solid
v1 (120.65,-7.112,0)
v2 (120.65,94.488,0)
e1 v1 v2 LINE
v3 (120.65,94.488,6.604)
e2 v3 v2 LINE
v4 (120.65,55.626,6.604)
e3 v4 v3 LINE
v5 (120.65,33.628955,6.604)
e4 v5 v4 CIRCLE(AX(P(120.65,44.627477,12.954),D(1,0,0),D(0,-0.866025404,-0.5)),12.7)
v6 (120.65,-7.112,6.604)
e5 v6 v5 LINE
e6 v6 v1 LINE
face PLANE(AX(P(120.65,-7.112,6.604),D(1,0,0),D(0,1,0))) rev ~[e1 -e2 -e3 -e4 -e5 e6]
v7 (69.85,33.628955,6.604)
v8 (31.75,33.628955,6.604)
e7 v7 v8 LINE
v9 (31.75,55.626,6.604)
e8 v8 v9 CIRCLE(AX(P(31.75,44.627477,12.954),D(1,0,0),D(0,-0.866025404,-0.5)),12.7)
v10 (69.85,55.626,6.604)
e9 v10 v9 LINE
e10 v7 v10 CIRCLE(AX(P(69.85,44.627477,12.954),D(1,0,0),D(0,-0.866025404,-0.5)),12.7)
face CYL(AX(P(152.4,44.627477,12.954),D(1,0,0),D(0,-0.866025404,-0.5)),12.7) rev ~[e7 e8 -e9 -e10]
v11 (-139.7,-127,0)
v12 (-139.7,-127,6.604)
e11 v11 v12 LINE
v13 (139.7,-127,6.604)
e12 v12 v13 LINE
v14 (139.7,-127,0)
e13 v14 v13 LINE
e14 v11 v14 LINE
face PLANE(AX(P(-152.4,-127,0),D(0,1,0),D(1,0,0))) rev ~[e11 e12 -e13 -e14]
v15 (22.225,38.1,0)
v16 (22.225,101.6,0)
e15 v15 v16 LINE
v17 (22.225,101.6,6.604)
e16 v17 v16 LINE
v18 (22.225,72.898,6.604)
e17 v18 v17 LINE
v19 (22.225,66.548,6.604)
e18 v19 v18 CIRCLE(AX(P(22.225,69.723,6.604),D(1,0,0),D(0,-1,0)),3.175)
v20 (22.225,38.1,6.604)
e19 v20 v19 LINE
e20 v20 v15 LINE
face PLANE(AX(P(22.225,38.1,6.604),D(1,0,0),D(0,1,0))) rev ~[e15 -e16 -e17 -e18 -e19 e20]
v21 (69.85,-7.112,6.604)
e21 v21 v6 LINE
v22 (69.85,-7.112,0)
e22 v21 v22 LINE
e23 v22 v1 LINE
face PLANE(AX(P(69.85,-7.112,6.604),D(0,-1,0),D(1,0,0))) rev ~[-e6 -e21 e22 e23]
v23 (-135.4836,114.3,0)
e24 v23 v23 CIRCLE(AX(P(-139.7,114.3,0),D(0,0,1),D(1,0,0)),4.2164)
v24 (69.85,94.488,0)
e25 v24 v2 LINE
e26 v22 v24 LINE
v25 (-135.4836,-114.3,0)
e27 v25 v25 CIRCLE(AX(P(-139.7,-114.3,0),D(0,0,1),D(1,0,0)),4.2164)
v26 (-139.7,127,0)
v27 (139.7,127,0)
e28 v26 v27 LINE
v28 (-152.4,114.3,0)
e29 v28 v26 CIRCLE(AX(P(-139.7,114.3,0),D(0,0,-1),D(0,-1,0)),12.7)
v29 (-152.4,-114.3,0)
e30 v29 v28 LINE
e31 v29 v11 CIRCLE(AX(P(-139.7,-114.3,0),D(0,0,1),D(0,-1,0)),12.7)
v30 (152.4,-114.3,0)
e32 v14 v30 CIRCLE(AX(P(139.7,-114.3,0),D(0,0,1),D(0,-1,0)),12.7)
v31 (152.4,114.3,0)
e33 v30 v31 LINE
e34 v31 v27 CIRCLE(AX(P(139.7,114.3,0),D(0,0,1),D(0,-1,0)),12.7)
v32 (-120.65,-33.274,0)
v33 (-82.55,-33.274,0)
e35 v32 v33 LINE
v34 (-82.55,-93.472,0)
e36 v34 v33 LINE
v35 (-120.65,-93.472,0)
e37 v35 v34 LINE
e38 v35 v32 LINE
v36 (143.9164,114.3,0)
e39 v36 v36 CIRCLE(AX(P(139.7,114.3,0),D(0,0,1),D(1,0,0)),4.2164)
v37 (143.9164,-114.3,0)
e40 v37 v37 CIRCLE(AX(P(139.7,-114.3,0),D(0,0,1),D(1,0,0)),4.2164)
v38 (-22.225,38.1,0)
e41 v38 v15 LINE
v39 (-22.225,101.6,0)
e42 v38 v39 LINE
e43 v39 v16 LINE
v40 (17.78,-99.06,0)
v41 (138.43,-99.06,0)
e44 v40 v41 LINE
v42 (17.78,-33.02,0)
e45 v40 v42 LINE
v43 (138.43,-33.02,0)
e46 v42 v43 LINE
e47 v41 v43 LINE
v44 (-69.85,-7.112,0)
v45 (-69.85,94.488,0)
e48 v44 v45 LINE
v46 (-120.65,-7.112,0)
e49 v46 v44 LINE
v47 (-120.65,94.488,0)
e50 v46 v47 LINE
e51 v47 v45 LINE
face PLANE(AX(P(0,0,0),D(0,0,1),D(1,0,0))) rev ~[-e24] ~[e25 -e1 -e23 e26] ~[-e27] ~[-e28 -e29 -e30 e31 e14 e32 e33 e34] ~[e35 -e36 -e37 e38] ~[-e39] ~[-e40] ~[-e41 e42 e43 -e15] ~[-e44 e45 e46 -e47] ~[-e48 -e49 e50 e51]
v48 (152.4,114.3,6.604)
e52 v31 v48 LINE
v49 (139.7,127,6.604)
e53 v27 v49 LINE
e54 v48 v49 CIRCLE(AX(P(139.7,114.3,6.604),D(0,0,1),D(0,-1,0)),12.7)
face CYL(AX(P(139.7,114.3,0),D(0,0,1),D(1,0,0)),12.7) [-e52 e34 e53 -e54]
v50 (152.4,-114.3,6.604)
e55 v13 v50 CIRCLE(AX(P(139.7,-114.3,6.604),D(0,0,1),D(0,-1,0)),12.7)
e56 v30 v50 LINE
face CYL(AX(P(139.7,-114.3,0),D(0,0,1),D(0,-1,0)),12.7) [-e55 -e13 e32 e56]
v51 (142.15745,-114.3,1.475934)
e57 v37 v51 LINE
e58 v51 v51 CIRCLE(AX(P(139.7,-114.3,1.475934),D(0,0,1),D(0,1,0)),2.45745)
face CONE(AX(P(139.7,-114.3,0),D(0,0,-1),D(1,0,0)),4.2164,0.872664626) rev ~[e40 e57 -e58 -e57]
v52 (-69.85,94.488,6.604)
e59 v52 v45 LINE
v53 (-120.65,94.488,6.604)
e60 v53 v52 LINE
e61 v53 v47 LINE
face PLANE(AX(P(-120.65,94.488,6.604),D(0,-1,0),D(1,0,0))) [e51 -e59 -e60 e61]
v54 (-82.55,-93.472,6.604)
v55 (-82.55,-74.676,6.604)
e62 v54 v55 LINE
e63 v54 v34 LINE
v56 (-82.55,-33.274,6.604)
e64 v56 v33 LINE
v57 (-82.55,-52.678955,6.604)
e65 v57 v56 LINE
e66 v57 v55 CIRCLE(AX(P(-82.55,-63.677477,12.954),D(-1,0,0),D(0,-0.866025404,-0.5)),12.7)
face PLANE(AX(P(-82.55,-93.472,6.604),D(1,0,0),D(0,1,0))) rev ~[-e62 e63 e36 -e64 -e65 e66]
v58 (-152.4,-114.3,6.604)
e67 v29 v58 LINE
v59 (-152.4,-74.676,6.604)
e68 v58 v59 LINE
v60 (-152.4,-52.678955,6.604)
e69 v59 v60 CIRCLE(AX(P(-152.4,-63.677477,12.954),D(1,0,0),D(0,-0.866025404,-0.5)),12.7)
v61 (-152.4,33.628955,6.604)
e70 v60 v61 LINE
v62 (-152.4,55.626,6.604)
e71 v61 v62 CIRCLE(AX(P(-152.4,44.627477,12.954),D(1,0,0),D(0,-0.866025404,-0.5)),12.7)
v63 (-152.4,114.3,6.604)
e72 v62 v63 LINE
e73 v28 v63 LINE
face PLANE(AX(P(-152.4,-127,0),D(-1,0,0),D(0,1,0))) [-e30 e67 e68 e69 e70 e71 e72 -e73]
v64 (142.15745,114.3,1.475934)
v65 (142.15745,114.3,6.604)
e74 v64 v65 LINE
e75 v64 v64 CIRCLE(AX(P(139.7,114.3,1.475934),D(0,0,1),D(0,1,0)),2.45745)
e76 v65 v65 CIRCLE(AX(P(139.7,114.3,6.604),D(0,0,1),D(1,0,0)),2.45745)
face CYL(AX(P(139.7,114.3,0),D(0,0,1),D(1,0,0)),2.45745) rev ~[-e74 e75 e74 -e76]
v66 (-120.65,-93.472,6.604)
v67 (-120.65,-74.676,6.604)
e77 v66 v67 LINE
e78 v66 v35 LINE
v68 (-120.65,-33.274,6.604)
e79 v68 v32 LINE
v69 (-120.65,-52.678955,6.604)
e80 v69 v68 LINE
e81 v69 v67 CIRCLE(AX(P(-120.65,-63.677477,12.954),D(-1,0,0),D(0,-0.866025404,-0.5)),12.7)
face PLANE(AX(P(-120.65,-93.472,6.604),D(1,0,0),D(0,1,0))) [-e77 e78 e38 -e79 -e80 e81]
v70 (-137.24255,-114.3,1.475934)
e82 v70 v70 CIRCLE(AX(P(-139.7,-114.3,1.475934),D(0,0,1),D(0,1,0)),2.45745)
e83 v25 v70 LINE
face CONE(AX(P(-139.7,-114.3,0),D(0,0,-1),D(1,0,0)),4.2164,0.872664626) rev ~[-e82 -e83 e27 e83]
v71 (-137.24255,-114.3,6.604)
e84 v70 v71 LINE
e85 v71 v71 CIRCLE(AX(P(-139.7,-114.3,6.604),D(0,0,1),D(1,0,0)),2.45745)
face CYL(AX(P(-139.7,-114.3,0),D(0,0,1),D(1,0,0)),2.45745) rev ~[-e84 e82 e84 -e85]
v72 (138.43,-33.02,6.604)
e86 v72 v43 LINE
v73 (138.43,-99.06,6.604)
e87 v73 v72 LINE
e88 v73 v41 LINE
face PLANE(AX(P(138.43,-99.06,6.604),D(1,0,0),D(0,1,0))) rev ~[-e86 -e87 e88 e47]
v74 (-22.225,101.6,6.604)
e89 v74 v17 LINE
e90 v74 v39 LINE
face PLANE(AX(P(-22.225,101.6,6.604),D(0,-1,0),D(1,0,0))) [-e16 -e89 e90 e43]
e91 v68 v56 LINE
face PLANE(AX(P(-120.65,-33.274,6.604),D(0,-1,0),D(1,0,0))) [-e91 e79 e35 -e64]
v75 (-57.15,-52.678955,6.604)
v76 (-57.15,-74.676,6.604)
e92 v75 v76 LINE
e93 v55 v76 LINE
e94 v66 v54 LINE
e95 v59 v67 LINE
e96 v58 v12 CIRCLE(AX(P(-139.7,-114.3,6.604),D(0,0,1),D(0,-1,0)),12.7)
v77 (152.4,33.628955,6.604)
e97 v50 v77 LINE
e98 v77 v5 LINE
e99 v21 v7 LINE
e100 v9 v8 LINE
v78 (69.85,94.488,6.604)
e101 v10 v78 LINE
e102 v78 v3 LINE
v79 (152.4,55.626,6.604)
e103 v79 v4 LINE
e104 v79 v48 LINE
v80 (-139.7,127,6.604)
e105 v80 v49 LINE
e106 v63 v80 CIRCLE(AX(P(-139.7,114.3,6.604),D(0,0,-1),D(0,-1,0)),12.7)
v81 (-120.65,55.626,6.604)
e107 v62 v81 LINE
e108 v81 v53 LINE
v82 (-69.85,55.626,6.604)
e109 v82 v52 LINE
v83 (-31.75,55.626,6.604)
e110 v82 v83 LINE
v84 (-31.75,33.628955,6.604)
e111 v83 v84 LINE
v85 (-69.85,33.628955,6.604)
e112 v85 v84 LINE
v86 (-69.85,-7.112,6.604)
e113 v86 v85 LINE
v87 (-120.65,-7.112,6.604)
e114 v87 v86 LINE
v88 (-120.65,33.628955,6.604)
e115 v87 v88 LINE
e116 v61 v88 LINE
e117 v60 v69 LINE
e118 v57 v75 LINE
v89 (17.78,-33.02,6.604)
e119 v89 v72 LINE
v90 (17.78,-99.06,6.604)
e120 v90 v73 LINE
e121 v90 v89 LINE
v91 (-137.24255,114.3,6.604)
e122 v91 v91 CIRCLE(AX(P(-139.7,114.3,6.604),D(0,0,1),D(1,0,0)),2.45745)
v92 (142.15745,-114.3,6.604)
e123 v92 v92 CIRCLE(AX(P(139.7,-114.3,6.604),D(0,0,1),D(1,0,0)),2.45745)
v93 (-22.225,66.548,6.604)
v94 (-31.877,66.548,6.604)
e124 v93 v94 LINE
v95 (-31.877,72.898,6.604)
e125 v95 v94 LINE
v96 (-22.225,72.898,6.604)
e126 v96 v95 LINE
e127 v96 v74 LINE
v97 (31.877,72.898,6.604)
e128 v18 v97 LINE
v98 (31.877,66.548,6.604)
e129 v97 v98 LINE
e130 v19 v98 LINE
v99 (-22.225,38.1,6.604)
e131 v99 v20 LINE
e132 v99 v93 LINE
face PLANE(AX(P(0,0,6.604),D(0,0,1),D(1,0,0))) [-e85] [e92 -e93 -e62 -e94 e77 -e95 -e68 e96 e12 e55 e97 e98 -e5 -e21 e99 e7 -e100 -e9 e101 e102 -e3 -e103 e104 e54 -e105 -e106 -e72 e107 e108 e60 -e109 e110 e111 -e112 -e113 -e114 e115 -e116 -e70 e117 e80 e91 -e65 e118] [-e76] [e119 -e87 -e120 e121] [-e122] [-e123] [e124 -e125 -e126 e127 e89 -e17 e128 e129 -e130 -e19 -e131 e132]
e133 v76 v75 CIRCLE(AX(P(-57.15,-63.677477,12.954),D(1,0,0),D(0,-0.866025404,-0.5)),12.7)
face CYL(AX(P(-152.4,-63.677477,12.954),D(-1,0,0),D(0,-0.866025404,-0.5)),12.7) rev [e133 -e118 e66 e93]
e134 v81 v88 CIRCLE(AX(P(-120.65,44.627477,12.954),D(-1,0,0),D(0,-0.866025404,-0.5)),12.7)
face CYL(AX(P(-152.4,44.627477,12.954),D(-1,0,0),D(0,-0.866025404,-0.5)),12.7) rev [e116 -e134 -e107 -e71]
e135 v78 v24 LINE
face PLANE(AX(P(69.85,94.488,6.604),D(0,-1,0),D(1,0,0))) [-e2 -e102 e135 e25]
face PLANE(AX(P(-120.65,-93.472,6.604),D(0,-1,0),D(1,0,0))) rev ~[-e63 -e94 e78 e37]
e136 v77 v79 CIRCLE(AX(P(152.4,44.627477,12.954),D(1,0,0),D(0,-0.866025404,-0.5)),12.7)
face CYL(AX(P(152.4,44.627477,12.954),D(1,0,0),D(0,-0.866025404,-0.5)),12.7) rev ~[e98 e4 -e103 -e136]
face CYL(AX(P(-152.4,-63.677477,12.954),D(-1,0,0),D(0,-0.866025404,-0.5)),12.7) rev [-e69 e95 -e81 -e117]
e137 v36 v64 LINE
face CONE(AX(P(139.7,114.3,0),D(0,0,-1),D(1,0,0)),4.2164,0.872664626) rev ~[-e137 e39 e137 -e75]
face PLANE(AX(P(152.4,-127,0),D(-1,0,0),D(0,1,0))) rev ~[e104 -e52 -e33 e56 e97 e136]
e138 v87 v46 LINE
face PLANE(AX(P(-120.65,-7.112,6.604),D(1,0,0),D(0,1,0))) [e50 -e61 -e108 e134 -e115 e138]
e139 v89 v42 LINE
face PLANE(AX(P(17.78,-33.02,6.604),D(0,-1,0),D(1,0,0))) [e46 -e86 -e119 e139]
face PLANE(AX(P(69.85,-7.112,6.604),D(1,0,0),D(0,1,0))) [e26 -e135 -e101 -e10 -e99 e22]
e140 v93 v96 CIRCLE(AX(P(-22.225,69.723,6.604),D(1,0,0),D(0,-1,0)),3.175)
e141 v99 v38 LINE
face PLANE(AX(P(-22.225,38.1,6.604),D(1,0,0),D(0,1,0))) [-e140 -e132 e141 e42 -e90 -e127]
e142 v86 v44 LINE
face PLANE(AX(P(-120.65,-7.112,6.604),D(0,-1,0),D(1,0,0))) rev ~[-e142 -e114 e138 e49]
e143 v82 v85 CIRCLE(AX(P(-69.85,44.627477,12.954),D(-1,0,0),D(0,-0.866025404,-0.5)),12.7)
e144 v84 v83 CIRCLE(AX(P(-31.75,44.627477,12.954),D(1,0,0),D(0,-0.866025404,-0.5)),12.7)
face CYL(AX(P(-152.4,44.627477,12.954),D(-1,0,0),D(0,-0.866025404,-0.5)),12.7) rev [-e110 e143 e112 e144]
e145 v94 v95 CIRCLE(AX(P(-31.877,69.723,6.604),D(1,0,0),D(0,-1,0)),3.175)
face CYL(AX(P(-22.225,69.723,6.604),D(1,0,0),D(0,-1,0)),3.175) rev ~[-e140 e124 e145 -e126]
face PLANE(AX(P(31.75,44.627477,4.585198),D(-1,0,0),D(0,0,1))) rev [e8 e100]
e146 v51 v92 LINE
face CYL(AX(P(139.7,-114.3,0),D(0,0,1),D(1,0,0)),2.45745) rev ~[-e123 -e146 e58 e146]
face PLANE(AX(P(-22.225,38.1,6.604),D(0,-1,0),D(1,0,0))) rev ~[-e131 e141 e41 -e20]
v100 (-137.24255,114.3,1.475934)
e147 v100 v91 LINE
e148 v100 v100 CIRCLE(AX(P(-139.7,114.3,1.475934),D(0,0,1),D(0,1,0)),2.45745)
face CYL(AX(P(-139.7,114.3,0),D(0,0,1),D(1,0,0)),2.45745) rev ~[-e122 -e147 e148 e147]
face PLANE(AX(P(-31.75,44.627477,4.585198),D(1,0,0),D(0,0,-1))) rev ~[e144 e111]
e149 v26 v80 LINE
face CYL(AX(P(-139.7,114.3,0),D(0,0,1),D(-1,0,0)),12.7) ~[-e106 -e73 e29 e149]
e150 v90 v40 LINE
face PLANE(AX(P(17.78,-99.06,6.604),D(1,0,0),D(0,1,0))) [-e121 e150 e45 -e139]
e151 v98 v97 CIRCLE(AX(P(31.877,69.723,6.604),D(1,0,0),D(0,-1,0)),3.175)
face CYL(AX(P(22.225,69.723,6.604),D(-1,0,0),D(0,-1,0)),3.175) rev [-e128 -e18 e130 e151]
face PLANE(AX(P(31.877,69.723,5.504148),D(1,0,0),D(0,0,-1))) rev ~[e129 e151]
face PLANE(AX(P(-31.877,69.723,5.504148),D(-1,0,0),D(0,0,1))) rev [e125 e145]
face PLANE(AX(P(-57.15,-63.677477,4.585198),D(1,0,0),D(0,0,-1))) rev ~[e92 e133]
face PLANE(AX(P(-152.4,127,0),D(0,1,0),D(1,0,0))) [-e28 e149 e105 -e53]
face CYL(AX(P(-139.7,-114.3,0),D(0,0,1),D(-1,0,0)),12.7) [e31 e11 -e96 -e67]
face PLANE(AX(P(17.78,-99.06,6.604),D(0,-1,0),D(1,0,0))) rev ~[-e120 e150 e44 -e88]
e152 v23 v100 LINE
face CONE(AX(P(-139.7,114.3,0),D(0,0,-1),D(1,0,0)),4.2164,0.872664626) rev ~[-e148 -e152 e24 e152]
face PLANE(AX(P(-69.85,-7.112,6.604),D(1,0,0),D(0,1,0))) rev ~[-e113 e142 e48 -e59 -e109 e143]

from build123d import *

# Parameters (mm, degrees)
SKETCH1_W                                         = 304.8
SKETCH1_H                                         = 254
BOSS_EXTRUDE1_DEPTH                               = 6.604
FILLET1_R                                         = 12.7
SKETCH6_W                                         = 50.8
SKETCH6_H                                         = 101.6
SKETCH6_W_2                                       = 44.45
SKETCH6_H_2                                       = 63.5
SKETCH6_W_3                                       = 38.1
SKETCH6_H_3                                       = 60.198
SKETCH6_W_4                                       = 120.65
SKETCH6_H_4                                       = 66.04
CUT_EXTRUDE1_DEPTH                                = 7.62
CUT_EXTRUDE2_DEPTH                                = 120.65
CUT_EXTRUDE3_DEPTH                                = 95.25
CUT_EXTRUDE4_DEPTH                                = 9.652
CSK_FOR_8_FLAT_HEAD_MACHINE_SCREW_100_D           = 4.9149
CSK_FOR_8_FLAT_HEAD_MACHINE_SCREW_100_DEPTH       = 10.668
CSK_FOR_8_FLAT_HEAD_MACHINE_SCREW_100_CSINK_D     = 8.4328
CSK_FOR_8_FLAT_HEAD_MACHINE_SCREW_100_CSINK_ANGLE = 100
CSK_FOR_8_FLAT_HEAD_MACHINE_SCREW_100_TIP         = 1.476584928


with BuildPart() as part:
    # Sketch1 → Boss-Extrude1 (new body)
    with BuildSketch(Plane.XY):
        Rectangle(SKETCH1_W, SKETCH1_H)
    extrude(amount=BOSS_EXTRUDE1_DEPTH)

    # Fillet1
    fillet1_edges = [part.edges().sort_by_distance(p)[0] for p in [
        (-152.4, 127, 3.302),
        (152.4, 127, 3.302),
        (152.4, -127, 3.302),
        (-152.4, -127, 3.302),
    ]]
    fillet(fillet1_edges, radius=FILLET1_R)

    # Sketch6 → Cut-Extrude1 (cut)
    with BuildSketch(Plane.XY.offset(6.604)):
        with Locations((-95.25, 43.688)):
            Rectangle(SKETCH6_W, SKETCH6_H)
        with Locations((0, 69.85)):
            Rectangle(SKETCH6_W_2, SKETCH6_H_2)
        with Locations((-101.6, -63.373)):
            Rectangle(SKETCH6_W_3, SKETCH6_H_3)
        with Locations((95.25, 43.688)):
            Rectangle(SKETCH6_W, SKETCH6_H)
        with Locations((78.105, -66.04)):
            Rectangle(SKETCH6_W_4, SKETCH6_H_4)
    extrude(amount=-CUT_EXTRUDE1_DEPTH, mode=Mode.SUBTRACT)

    # Sketch9 → Cut-Extrude2 (cut)
    with BuildSketch(Plane.ZY.offset(152.4)):
        with BuildLine():
            Line((6.604, 55.626), (6.604, 33.628954744))
            ThreePointArc((6.604, 33.628954744), (0.254, 44.627477372), (6.604, 55.626))
        make_face()
    cut_extrude2 = extrude(amount=-CUT_EXTRUDE2_DEPTH, mode=Mode.SUBTRACT)

    # Mirror1: Cut-Extrude2 across plane
    add(cut_extrude2.mirror(Plane(origin=(0, 0, 0), x_dir=(0, 0, 1), z_dir=(1, 0, 0))), mode=Mode.SUBTRACT)

    # Sketch10 → Cut-Extrude3 (cut)
    with BuildSketch(Plane.ZY.offset(152.4)):
        with BuildLine():
            Line((6.604, -52.678954744), (6.604, -74.676))
            ThreePointArc((6.604, -74.676), (0.254, -63.677477372), (6.604, -52.678954744))
        make_face()
    extrude(amount=-CUT_EXTRUDE3_DEPTH, mode=Mode.SUBTRACT)

    # Sketch11 → Cut-Extrude4 (cut)
    with BuildSketch(Plane.ZY.offset(-22.225)):
        with BuildLine():
            Line((6.604, 72.898), (6.604, 66.548))
            ThreePointArc((6.604, 66.548), (3.429, 69.723), (6.604, 72.898))
        make_face()
    cut_extrude4 = extrude(amount=-CUT_EXTRUDE4_DEPTH, mode=Mode.SUBTRACT)

    # Mirror2: Cut-Extrude4 across plane
    add(cut_extrude4.mirror(Plane(origin=(0, 0, 0), x_dir=(0, 0, 1), z_dir=(1, 0, 0))), mode=Mode.SUBTRACT)

    # CSK for #8 Flat Head Machine Screw (100)1
    with Locations(Plane(origin=(0, 0, 0), x_dir=(-1, 0, 0), z_dir=(0, 0, -1))):
        with Locations((-139.7, 114.3), (139.7, 114.3), (139.7, -114.3), (-139.7, -114.3)):
            CounterSinkHole(CSK_FOR_8_FLAT_HEAD_MACHINE_SCREW_100_D / 2, CSK_FOR_8_FLAT_HEAD_MACHINE_SCREW_100_CSINK_D / 2, depth=CSK_FOR_8_FLAT_HEAD_MACHINE_SCREW_100_DEPTH, counter_sink_angle=CSK_FOR_8_FLAT_HEAD_MACHINE_SCREW_100_CSINK_ANGLE)
            with Locations((0, 0, -(CSK_FOR_8_FLAT_HEAD_MACHINE_SCREW_100_DEPTH + CSK_FOR_8_FLAT_HEAD_MACHINE_SCREW_100_TIP / 2))):  # 118° drill point
                Cone(0, CSK_FOR_8_FLAT_HEAD_MACHINE_SCREW_100_D / 2, CSK_FOR_8_FLAT_HEAD_MACHINE_SCREW_100_TIP, mode=Mode.SUBTRACT)


solid = part.part
